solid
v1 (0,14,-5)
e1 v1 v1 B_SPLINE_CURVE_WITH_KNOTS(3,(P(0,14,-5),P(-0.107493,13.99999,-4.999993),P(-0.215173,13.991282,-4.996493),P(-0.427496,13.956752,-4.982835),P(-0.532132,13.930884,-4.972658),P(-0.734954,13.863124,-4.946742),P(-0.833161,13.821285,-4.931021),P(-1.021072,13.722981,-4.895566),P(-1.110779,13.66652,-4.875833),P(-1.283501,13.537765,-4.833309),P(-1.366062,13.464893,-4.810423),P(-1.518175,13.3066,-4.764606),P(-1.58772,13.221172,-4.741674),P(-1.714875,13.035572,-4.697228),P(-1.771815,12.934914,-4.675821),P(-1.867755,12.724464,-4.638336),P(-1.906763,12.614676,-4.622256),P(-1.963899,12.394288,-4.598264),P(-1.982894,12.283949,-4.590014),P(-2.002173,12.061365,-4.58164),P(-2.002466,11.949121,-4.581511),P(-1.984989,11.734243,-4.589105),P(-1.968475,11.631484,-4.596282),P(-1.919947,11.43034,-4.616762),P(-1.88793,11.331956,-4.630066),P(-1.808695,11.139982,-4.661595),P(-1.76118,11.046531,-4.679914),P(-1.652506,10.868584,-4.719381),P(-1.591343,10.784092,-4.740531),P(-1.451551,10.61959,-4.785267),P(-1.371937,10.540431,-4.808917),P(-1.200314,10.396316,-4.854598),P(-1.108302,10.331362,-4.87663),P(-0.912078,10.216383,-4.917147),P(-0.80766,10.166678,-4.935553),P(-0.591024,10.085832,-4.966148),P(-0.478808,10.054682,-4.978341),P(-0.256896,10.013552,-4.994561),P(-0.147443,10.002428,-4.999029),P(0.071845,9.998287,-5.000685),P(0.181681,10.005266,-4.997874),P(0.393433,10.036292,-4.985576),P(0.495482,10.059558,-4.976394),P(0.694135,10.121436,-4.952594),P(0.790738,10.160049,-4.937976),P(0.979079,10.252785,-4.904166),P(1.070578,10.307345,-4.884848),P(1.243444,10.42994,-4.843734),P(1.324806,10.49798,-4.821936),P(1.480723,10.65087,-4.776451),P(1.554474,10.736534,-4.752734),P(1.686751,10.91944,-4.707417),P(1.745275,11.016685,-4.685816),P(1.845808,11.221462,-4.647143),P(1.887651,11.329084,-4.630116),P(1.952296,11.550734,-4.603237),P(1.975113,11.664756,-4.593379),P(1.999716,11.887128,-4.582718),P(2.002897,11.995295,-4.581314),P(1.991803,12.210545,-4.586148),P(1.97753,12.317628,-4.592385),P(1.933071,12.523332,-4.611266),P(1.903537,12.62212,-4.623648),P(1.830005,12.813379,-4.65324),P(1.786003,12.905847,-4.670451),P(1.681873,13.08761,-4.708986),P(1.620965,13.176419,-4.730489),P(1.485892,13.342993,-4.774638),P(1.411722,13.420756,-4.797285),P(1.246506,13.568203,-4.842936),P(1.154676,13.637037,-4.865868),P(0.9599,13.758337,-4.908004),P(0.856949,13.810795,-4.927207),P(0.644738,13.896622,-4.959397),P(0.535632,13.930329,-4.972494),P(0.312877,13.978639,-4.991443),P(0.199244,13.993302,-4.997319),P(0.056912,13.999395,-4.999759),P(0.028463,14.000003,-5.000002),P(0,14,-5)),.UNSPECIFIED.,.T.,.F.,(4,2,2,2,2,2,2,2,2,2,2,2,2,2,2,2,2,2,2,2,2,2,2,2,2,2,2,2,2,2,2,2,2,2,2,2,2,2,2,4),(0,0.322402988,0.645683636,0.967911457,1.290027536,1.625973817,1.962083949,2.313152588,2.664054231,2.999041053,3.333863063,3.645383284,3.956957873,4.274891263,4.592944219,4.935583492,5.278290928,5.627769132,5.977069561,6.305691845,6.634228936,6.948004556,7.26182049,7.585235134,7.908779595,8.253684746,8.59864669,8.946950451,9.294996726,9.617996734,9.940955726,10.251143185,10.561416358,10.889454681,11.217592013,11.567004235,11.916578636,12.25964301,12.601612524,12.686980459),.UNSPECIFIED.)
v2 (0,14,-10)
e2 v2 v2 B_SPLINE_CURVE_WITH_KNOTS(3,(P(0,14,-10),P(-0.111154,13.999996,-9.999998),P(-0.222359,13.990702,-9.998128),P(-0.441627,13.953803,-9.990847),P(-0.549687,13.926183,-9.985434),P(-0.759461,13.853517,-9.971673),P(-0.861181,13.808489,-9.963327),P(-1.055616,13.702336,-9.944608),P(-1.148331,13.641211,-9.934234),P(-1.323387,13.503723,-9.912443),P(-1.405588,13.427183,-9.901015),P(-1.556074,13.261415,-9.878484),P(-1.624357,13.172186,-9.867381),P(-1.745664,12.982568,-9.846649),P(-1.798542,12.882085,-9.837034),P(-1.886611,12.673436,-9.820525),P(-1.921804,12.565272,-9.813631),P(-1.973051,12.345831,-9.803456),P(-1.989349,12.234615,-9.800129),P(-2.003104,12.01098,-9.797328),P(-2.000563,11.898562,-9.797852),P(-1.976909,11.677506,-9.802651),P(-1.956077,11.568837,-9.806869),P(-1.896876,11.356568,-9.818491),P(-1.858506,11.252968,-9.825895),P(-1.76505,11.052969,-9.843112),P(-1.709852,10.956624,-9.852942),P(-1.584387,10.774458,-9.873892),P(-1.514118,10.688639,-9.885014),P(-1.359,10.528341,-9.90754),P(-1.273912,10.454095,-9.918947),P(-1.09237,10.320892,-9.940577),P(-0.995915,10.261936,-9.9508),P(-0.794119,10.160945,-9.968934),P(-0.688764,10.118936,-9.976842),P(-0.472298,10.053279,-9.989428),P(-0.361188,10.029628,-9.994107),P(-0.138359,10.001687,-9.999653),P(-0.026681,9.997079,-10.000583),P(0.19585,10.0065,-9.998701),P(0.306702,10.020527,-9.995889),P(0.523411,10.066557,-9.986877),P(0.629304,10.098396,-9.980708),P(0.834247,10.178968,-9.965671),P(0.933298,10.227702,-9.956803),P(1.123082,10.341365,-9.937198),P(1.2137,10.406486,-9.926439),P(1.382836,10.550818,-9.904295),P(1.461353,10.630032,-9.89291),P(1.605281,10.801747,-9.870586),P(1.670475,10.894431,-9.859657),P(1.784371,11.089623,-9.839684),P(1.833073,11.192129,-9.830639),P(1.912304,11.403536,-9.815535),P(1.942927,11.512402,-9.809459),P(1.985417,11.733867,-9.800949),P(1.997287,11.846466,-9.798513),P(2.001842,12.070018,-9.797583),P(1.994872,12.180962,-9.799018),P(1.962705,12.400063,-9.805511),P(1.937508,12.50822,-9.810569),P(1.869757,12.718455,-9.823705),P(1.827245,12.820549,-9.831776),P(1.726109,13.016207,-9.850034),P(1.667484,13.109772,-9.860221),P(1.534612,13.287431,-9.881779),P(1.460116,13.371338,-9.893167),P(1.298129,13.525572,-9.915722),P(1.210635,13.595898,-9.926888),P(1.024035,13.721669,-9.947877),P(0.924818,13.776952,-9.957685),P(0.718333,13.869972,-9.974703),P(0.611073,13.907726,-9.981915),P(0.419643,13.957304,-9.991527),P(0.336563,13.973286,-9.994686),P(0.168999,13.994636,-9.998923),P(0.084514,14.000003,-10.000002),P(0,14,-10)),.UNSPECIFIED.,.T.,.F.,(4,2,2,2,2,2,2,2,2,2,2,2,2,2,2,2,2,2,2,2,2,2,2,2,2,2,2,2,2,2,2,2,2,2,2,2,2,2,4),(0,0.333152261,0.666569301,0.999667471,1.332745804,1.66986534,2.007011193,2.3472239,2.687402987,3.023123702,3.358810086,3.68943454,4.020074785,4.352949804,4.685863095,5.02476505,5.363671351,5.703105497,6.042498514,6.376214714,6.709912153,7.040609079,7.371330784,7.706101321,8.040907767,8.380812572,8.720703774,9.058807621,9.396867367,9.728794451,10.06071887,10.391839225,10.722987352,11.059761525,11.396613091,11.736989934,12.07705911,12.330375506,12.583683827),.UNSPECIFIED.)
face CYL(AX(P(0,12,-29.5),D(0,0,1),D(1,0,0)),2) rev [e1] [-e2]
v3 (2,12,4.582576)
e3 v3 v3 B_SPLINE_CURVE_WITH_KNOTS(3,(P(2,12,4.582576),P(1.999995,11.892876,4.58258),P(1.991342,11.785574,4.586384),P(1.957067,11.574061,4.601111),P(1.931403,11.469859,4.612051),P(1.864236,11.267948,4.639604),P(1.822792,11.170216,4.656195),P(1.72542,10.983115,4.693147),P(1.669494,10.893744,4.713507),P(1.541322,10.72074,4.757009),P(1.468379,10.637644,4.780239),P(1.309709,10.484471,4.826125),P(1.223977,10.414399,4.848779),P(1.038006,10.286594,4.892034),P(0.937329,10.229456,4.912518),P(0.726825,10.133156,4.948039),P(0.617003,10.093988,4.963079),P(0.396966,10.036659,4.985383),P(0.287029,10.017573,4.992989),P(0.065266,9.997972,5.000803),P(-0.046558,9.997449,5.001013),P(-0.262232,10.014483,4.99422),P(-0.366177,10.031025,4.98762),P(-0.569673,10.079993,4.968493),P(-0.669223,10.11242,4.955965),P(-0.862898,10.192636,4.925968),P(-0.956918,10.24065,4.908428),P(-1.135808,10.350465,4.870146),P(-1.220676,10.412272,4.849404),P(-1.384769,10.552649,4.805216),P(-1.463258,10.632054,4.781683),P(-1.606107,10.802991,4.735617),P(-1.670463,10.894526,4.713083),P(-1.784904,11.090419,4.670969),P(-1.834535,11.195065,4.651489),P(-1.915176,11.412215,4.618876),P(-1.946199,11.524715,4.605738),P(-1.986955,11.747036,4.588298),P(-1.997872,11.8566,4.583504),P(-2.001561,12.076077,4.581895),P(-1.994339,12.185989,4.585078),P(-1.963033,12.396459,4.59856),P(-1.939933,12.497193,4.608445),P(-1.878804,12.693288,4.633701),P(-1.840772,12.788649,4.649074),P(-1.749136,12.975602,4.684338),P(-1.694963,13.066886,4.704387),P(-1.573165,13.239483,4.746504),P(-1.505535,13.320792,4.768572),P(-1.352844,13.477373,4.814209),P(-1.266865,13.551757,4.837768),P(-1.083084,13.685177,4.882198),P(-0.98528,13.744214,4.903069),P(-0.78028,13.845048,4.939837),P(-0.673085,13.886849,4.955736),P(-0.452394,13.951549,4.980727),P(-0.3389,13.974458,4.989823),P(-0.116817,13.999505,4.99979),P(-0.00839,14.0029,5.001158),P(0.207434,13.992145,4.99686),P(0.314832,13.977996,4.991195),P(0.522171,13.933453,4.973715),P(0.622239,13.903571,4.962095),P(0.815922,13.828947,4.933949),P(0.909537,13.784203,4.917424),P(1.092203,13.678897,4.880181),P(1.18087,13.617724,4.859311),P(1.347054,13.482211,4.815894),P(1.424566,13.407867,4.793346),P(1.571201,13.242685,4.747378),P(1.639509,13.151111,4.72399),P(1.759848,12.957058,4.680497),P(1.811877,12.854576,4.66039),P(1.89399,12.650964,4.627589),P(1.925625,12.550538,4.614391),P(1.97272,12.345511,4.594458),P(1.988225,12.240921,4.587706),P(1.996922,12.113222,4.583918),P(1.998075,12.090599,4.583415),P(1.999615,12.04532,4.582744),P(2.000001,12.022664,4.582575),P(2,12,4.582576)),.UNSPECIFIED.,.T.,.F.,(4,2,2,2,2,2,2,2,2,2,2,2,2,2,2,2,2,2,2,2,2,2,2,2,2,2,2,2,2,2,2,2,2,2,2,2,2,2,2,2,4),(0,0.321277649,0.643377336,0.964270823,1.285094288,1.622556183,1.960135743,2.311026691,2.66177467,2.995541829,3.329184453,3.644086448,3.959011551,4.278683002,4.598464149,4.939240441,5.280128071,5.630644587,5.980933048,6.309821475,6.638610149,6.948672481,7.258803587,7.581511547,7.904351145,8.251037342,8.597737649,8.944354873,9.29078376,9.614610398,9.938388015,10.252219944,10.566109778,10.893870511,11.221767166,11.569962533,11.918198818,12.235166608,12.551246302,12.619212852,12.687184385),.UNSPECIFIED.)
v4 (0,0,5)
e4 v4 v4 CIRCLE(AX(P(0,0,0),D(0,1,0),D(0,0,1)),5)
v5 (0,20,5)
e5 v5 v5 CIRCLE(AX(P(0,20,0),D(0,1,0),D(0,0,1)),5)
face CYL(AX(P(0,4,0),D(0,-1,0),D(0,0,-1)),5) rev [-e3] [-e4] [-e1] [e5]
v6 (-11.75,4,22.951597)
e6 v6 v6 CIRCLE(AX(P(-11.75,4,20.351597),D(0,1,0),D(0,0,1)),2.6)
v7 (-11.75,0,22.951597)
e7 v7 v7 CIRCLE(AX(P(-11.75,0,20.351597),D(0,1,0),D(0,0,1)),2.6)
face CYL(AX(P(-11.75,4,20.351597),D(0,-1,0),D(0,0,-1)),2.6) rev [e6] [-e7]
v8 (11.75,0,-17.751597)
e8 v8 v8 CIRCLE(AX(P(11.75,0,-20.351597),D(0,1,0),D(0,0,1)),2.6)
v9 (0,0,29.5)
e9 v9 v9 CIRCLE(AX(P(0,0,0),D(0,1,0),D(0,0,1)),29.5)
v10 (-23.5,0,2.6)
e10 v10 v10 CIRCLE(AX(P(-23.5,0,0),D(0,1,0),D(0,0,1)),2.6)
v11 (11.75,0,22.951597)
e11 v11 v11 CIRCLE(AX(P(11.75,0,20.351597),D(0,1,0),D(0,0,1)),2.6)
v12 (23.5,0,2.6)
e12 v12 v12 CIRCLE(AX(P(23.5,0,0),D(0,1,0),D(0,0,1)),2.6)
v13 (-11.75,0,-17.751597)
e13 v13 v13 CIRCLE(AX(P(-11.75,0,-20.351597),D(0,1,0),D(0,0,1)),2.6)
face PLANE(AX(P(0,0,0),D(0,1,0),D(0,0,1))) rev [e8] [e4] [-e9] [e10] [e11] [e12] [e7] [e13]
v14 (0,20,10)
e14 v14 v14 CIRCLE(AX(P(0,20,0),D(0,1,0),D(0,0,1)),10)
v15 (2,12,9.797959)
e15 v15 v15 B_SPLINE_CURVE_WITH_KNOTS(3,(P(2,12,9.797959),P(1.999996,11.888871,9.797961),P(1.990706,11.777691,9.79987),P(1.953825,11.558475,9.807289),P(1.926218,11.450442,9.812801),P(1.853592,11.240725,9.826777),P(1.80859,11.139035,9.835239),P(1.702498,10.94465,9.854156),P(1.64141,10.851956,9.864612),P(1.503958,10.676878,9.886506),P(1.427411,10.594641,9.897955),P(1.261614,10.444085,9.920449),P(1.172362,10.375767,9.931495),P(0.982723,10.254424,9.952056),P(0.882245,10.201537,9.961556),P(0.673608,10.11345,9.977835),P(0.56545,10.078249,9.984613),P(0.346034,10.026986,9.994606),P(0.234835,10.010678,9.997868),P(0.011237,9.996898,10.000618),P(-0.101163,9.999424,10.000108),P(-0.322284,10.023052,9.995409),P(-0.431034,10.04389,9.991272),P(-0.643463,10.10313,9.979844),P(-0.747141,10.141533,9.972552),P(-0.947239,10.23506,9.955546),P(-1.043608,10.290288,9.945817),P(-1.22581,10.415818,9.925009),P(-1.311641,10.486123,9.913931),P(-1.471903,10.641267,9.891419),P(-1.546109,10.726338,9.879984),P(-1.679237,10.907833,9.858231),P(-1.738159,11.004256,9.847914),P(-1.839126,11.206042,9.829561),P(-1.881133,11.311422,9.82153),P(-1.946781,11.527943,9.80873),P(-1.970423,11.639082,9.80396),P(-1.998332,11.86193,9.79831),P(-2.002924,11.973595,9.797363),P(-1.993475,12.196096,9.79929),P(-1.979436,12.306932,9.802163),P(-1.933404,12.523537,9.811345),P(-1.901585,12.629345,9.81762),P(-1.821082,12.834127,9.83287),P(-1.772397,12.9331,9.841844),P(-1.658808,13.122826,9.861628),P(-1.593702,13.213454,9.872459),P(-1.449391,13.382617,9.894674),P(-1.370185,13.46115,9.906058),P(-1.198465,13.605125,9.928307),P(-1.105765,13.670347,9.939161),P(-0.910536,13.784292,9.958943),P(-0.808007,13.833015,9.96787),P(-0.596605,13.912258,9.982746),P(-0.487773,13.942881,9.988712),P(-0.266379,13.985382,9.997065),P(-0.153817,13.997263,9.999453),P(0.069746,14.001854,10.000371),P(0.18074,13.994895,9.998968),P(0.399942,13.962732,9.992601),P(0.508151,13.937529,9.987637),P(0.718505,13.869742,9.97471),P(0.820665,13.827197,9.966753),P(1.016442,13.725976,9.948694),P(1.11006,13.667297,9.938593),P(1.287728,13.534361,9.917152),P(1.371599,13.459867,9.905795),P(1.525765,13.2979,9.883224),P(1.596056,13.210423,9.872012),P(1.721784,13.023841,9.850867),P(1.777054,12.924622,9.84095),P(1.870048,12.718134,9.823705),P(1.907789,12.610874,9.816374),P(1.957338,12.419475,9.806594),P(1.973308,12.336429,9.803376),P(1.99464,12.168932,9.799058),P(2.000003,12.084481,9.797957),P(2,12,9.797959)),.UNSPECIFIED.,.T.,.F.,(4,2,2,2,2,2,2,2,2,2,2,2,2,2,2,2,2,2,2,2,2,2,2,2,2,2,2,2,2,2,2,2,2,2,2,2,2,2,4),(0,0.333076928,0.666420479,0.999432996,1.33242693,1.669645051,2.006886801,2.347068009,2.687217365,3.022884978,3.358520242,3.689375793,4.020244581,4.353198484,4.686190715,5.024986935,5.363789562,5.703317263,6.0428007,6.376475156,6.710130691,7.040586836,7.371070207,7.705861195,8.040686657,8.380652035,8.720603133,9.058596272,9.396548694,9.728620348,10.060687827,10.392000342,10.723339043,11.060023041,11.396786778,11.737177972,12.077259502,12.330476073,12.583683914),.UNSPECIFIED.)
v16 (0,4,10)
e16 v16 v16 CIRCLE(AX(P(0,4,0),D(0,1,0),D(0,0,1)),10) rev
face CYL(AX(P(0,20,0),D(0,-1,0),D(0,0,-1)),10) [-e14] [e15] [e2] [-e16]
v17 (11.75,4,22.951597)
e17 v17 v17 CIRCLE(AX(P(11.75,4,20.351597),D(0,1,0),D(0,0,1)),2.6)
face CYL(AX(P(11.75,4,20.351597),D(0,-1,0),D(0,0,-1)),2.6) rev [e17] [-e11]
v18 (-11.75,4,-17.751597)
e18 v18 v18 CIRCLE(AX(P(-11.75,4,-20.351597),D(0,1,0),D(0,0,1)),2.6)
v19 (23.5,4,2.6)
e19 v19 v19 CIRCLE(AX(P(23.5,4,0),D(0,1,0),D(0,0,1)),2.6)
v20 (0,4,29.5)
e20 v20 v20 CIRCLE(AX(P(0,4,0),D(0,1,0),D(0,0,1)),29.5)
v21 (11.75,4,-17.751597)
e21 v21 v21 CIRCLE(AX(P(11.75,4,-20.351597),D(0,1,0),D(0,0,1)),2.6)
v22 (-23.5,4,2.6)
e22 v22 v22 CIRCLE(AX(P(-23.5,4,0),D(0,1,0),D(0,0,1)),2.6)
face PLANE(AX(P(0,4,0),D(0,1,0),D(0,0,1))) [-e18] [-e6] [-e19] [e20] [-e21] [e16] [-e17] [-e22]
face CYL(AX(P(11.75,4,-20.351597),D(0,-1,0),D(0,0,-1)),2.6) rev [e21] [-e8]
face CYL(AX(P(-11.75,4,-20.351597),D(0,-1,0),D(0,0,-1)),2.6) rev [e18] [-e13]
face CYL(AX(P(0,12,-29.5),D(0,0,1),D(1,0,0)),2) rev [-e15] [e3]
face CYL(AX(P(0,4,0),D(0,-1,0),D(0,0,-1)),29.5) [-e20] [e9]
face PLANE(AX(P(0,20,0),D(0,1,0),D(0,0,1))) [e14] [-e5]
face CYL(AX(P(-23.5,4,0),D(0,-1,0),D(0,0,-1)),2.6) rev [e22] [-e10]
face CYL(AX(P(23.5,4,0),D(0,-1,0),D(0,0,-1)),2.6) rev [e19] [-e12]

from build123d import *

# Parameters (mm, degrees)
SKETCH1_R               = 29.5
SKETCH1_R_2             = 2.6
SKETCH1_R_3             = 5
BOSS_EXTRUDE1_DEPTH     = 4
SKETCH1_3_R             = 10
SKETCH1_3_R_2           = 5
BOSS_EXTRUDE2_DEPTH     = 20
CUT_EXTRUDE1_DEPTH      = 47.265537931
CUT_EXTRUDE1_DEPTH_BACK = 47.265537931
SKETCH2_R               = 2


with BuildPart() as part:
    # Sketch1 → Boss-Extrude1 (new body)
    with BuildSketch(Plane(origin=(0, 0, 0), x_dir=(1, 0, 0), z_dir=(0, 1, 0))):
        Circle(SKETCH1_R)
        with Locations((-11.75, -20.351596989)):
            Circle(SKETCH1_R_2, mode=Mode.SUBTRACT)
        with Locations((11.75, -20.351596989)):
            Circle(SKETCH1_R_2, mode=Mode.SUBTRACT)
        with Locations((23.5, 0)):
            Circle(SKETCH1_R_2, mode=Mode.SUBTRACT)
        with Locations((-23.5, 0)):
            Circle(SKETCH1_R_2, mode=Mode.SUBTRACT)
        with Locations((-11.75, 20.351596989)):
            Circle(SKETCH1_R_2, mode=Mode.SUBTRACT)
        with Locations((11.75, 20.351596989)):
            Circle(SKETCH1_R_2, mode=Mode.SUBTRACT)
        Circle(SKETCH1_R_3, mode=Mode.SUBTRACT)
    extrude(amount=BOSS_EXTRUDE1_DEPTH)

    # Sketch1<3> → Boss-Extrude2 (add)
    with BuildSketch(Plane(origin=(0, 0, 0), x_dir=(1, 0, 0), z_dir=(0, 1, 0))):
        Circle(SKETCH1_3_R)
        Circle(SKETCH1_3_R_2, mode=Mode.SUBTRACT)
    extrude(amount=BOSS_EXTRUDE2_DEPTH)

    # Sketch2 → Cut-Extrude1 (cut, two sides: drawn at the far end of the back side and taken through both)
    with BuildSketch(Plane.XY.offset(-CUT_EXTRUDE1_DEPTH_BACK)):
        with Locations((0, 12)):
            Circle(SKETCH2_R)
    extrude(amount=CUT_EXTRUDE1_DEPTH + CUT_EXTRUDE1_DEPTH_BACK, mode=Mode.SUBTRACT)


solid = part.part
